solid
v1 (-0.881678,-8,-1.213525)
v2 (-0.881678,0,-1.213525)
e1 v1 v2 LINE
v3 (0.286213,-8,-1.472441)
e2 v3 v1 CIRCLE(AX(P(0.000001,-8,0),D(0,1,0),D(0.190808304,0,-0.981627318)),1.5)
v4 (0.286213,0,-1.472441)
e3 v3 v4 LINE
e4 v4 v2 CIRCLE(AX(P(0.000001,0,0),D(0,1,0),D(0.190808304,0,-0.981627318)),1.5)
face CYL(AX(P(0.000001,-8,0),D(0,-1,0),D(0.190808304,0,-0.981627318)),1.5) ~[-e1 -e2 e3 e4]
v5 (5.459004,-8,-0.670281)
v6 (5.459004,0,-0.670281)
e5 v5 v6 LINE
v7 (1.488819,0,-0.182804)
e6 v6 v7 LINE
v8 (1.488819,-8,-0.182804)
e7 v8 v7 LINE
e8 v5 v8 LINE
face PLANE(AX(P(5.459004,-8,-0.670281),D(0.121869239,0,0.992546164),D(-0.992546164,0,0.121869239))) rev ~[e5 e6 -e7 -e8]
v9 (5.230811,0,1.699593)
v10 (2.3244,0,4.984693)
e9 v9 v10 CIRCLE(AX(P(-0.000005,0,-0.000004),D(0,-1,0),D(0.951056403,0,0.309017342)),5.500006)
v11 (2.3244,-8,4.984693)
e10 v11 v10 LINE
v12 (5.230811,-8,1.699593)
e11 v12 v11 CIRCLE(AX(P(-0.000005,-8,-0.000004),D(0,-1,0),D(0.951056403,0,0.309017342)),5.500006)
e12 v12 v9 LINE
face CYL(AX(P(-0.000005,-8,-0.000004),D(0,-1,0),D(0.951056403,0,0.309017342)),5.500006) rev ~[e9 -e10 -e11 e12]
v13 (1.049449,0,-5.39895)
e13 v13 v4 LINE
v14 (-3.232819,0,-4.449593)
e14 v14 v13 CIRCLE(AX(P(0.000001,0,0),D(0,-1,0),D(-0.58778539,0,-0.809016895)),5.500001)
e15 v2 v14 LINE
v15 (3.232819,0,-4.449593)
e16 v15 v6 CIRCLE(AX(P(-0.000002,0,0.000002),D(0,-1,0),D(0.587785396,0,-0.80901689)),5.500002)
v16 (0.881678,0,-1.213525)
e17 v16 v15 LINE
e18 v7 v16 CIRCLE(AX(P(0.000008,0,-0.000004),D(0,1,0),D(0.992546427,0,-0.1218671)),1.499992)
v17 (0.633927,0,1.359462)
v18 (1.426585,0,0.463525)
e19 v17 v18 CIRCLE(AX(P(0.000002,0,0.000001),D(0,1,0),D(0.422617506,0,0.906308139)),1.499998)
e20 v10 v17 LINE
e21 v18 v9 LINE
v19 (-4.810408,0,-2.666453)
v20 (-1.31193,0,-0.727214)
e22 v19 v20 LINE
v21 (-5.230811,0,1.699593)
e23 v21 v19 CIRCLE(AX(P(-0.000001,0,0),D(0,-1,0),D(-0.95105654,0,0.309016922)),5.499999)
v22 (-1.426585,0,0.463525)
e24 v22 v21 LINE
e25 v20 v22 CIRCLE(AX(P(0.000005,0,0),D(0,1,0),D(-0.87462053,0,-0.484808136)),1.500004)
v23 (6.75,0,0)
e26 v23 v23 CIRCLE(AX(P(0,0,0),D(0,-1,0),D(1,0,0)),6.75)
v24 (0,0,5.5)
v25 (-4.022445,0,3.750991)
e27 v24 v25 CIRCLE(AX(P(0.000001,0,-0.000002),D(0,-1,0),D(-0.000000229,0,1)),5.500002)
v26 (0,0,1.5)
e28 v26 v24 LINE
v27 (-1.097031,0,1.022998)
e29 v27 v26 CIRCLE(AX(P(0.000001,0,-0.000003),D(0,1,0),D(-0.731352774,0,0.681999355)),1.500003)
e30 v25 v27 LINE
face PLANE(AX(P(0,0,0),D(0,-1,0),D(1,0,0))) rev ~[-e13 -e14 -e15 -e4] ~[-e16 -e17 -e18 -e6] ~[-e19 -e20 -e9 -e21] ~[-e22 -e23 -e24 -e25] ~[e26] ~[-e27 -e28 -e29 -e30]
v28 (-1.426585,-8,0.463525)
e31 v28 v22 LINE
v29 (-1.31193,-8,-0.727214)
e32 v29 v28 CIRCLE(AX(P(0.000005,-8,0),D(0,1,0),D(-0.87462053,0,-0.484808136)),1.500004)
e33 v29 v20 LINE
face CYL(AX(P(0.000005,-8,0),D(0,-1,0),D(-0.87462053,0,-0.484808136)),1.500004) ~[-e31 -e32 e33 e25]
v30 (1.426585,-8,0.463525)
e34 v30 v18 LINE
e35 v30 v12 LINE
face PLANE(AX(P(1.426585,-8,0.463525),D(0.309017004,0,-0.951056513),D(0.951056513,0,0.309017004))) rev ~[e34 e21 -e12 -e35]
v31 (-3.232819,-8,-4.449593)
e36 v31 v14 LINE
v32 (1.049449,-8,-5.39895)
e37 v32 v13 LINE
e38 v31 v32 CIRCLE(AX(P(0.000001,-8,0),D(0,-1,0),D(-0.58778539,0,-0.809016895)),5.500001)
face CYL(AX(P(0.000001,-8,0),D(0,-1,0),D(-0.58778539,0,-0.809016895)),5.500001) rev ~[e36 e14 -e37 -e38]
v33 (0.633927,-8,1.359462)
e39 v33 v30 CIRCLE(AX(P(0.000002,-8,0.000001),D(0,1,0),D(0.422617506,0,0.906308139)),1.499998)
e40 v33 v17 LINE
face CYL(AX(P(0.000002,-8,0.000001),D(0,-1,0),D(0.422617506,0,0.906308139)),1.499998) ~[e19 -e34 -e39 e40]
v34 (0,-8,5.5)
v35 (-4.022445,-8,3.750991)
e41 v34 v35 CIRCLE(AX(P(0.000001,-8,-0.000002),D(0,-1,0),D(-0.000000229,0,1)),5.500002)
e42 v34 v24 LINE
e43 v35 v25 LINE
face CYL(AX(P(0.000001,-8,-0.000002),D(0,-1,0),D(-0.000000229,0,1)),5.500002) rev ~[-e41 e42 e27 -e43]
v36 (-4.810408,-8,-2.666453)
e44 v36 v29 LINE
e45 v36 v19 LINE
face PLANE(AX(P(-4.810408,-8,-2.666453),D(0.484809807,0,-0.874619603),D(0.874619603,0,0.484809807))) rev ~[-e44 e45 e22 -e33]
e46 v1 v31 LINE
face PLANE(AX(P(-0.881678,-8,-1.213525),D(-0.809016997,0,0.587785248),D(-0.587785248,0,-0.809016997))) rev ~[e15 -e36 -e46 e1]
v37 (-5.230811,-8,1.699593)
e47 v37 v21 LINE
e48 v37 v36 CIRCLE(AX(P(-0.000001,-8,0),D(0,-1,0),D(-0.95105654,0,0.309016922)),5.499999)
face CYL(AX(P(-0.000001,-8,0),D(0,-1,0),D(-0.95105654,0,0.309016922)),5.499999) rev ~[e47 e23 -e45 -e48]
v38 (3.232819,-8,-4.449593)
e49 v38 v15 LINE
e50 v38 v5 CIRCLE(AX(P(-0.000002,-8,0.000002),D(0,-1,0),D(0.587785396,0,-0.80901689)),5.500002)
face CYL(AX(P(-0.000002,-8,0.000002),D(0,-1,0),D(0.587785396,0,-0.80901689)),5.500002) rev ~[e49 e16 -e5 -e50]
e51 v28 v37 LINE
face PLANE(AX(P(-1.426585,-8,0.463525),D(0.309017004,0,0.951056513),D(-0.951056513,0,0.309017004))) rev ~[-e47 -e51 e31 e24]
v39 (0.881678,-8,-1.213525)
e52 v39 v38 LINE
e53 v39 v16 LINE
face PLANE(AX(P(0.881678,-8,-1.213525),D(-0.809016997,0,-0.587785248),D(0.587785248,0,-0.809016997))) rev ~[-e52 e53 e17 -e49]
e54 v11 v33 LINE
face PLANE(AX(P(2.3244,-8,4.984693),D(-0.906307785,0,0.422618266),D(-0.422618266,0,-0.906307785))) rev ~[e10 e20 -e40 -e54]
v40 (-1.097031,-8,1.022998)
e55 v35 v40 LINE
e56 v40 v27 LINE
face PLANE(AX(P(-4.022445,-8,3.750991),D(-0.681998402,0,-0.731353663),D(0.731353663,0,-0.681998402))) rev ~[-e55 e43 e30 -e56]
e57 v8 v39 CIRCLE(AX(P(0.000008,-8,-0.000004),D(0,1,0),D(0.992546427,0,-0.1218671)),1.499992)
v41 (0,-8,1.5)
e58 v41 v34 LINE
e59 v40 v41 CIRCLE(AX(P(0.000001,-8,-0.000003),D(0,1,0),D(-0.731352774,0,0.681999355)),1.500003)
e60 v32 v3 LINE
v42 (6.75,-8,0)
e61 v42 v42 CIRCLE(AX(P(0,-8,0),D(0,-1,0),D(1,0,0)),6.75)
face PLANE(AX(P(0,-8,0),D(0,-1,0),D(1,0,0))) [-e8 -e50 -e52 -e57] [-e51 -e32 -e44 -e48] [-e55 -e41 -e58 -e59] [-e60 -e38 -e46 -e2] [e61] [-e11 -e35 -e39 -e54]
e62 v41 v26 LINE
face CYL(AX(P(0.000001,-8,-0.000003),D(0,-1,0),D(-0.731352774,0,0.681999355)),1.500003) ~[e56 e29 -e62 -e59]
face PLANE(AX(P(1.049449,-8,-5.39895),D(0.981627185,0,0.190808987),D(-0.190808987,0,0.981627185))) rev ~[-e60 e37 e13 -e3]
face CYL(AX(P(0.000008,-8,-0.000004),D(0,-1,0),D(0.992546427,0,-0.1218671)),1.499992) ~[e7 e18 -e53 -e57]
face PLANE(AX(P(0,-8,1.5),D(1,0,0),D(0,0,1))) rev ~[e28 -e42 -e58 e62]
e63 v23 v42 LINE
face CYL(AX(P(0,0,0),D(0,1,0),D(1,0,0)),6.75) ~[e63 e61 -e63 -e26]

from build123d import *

# Parameters (mm, degrees)
F0_R     = 6.75
F1_DEPTH = 8
F3_DEPTH = 8


with BuildPart() as f1:
    # F0 (on Front) → F1 (new body)
    with BuildSketch(Plane.XZ):
        Circle(F0_R)
    extrude(amount=F1_DEPTH)

    # F2 (on face) → F3 (cut)
    with BuildSketch(Plane.XZ.offset(8)):
        with BuildLine():
            ThreePointArc((-1.31193, -0.727214), (-1.493094, -0.143769), (-1.426585, 0.463525))
            Line((-1.426585, 0.463525), (-5.230811, 1.699593))
            ThreePointArc((-5.230811, 1.699593), (-5.474679, -0.527152), (-4.810408, -2.666453))
            Line((-4.810408, -2.666453), (-1.31193, -0.727214))
        make_face()
        with BuildLine():
            ThreePointArc((-1.097031, 1.022998), (-0.598124, 1.37559), (0, 1.5))
            Line((0, 1.5), (0, 5.5))
            ThreePointArc((0, 5.5), (-2.19312, 5.04383), (-4.022445, 3.750991))
            Line((-4.022445, 3.750991), (-1.097031, 1.022998))
        make_face()
        with BuildLine():
            ThreePointArc((0.633927, 1.359462), (1.123434, 0.99393), (1.426585, 0.463525))
            Line((1.426585, 0.463525), (5.230811, 1.699593))
            ThreePointArc((5.230811, 1.699593), (4.119256, 3.64441), (2.3244, 4.984693))
            Line((2.3244, 4.984693), (0.633927, 1.359462))
        make_face()
        with BuildLine():
            Line((5.459004, -0.670281), (1.488819, -0.182804))
            ThreePointArc((1.488819, -0.182804), (1.292444, -0.761308), (0.881678, -1.213525))
            Line((0.881678, -1.213525), (3.232819, -4.449593))
            ThreePointArc((3.232819, -4.449593), (4.73896, -2.791461), (5.459004, -0.670281))
        make_face()
        with BuildLine():
            Line((1.049449, -5.39895), (0.286213, -1.472441))
            ThreePointArc((0.286213, -1.472441), (-0.324659, -1.464444), (-0.881678, -1.213525))
            Line((-0.881678, -1.213525), (-3.232819, -4.449593))
            ThreePointArc((-3.232819, -4.449593), (-1.190418, -5.369628), (1.049449, -5.39895))
        make_face()
    extrude(amount=-F3_DEPTH, mode=Mode.SUBTRACT)


solid = f1.part
